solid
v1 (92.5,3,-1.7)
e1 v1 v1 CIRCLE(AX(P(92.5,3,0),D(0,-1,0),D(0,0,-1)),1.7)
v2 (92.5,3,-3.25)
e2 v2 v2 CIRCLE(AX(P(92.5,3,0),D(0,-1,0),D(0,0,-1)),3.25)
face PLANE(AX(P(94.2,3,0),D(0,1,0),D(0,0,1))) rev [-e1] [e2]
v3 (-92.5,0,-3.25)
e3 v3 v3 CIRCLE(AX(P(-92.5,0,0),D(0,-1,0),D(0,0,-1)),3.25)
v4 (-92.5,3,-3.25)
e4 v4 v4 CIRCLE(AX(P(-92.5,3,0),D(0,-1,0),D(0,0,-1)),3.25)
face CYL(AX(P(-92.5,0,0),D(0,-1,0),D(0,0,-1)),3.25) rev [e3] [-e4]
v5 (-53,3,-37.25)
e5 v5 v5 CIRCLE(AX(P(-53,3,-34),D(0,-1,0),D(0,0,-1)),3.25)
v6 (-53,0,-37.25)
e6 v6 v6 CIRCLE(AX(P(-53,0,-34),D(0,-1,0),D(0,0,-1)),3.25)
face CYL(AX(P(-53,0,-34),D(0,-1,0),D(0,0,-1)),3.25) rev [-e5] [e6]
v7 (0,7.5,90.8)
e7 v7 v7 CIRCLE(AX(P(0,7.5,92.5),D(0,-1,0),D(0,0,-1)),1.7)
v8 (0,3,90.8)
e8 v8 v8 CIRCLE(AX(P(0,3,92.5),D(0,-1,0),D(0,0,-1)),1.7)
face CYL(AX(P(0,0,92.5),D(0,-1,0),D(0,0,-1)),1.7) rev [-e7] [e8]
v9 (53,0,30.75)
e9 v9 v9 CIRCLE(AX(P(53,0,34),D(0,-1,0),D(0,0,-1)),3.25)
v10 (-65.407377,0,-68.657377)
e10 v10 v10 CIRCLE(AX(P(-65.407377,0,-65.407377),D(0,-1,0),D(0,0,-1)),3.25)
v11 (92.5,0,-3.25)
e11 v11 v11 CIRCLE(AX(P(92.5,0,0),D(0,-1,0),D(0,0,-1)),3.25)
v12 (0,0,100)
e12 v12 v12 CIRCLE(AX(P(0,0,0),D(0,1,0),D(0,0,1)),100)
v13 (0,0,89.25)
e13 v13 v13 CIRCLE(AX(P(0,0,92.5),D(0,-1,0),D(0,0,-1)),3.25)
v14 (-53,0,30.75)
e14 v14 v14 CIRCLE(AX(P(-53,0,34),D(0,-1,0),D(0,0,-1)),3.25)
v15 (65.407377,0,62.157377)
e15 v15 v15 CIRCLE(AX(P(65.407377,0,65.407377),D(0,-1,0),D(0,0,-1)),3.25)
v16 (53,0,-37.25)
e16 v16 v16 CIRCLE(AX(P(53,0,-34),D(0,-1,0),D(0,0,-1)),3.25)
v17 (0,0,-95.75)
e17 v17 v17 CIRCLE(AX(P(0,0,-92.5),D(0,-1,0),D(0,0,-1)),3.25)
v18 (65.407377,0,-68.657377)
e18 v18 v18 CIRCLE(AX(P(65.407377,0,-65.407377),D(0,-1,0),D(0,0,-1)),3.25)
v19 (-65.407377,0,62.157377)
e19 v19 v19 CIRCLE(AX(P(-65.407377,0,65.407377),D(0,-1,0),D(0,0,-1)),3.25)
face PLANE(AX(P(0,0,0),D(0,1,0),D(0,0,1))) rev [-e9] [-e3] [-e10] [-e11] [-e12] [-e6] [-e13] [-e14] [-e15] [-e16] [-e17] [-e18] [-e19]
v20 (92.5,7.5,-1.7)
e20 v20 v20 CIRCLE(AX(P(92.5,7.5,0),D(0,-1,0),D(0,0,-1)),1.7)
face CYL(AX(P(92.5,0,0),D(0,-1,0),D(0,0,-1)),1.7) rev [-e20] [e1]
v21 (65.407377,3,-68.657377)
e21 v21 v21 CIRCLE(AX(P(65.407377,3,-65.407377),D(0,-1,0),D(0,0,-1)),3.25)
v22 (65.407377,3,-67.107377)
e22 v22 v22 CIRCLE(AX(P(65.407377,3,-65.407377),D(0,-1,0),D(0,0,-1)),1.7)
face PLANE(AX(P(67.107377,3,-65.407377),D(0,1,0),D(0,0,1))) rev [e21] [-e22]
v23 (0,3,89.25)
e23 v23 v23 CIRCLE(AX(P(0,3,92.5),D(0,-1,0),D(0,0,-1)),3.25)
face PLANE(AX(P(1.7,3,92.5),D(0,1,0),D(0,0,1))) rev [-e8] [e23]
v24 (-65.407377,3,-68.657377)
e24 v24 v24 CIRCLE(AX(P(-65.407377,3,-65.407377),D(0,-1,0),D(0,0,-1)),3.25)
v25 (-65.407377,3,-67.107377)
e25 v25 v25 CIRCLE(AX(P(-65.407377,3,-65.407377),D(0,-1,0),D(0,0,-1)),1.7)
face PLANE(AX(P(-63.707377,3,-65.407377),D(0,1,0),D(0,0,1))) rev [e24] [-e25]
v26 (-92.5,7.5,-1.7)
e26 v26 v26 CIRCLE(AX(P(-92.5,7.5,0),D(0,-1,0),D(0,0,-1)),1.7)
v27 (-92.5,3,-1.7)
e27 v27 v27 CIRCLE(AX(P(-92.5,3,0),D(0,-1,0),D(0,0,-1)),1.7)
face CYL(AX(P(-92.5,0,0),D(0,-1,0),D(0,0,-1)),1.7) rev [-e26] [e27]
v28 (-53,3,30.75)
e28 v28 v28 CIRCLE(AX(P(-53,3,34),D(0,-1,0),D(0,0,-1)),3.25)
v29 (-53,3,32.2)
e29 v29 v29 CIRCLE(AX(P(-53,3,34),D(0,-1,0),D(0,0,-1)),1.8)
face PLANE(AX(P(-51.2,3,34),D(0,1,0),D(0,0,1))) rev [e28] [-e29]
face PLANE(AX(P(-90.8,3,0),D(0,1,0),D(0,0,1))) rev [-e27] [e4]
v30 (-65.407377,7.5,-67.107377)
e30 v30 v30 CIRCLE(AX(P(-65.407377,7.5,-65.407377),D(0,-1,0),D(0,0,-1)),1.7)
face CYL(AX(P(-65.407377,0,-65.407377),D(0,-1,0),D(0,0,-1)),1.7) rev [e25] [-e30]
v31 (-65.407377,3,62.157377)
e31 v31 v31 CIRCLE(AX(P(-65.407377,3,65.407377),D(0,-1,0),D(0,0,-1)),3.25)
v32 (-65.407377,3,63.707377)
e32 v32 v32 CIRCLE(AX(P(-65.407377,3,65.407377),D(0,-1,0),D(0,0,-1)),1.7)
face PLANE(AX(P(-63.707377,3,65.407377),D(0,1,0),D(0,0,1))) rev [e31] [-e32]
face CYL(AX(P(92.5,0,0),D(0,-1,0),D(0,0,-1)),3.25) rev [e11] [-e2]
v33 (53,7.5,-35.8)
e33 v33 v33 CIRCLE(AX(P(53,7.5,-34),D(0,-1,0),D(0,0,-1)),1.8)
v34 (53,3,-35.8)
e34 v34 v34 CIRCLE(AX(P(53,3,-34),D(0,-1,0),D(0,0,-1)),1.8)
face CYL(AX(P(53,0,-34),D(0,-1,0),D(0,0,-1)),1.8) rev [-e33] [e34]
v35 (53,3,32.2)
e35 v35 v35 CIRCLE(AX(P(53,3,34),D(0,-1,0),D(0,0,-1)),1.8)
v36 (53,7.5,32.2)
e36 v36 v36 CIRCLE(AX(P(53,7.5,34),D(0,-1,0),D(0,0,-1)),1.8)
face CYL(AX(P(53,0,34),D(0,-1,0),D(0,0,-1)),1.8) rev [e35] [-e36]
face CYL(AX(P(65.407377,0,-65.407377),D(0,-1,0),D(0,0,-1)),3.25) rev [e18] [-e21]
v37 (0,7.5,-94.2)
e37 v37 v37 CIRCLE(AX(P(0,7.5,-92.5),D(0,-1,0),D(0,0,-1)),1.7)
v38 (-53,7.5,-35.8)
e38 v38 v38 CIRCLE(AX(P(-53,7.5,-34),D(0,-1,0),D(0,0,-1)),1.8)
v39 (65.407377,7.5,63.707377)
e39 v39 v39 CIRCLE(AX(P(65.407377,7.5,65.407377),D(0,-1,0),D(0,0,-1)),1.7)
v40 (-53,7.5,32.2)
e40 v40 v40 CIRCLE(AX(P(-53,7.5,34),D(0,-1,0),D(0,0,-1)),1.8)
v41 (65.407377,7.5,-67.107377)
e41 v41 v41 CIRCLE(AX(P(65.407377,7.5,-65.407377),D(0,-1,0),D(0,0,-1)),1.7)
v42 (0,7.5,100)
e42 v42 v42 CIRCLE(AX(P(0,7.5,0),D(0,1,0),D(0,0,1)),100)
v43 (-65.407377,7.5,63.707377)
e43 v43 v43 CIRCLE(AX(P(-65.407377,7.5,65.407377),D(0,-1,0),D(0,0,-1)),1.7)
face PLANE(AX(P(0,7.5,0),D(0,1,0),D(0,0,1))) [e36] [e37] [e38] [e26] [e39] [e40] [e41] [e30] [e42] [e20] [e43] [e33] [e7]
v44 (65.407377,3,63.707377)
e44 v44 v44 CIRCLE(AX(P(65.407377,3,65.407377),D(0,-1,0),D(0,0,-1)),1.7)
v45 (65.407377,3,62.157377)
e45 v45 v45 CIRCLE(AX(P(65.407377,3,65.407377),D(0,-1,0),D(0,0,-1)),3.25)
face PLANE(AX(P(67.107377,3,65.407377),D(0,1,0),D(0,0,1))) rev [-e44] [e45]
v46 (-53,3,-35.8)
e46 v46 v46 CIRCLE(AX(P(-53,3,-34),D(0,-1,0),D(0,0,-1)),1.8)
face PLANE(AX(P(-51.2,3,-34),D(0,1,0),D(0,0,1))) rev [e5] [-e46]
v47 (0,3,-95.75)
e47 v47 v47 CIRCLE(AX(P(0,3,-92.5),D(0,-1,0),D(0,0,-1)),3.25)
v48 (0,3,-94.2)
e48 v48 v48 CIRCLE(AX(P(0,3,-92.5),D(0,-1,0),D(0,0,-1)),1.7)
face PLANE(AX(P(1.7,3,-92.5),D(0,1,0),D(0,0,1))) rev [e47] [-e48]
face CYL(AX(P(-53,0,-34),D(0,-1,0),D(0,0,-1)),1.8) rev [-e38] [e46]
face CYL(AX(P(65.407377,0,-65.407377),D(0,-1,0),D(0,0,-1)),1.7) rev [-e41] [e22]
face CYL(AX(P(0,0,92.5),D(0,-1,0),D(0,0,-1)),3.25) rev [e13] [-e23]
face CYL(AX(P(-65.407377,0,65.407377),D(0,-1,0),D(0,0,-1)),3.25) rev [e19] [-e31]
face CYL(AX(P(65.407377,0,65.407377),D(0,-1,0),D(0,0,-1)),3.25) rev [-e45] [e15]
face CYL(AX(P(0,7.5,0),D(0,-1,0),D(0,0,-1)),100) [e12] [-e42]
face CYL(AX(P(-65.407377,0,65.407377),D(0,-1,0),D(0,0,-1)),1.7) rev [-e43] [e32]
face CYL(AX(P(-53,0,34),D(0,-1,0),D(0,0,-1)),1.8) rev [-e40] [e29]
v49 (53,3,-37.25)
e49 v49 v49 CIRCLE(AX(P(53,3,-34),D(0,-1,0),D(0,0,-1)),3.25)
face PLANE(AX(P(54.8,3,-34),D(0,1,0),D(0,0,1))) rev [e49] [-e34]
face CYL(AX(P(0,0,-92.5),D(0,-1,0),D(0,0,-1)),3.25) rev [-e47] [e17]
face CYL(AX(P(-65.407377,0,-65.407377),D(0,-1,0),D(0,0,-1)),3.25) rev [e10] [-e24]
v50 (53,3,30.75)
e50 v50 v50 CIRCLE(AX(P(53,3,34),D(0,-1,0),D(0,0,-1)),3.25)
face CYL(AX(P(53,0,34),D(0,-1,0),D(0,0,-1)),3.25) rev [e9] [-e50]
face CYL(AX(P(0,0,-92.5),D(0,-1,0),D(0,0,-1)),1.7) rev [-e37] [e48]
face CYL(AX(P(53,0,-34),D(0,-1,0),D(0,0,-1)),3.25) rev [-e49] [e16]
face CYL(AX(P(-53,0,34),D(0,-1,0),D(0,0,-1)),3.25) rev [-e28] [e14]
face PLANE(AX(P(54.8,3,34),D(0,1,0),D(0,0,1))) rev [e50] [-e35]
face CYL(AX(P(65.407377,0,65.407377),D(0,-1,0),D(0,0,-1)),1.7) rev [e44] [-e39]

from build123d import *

# Parameters (mm, degrees)
SKETCH1_R                      = 100
BOSS_EXTRUDE1_DEPTH            = 7.5
CBORE_FOR_M3_SHCS1_D           = 3.4
CBORE_FOR_M3_SHCS1_DEPTH       = 7.5
CBORE_FOR_M3_SHCS1_CBORE_D     = 6.5
CBORE_FOR_M3_SHCS1_CBORE_DEPTH = 3
CBORE_FOR_M3_SHCS1_TIP         = 1.021463052
CBORE_FOR_M3_SHCS2_D           = 3.6
CBORE_FOR_M3_SHCS2_DEPTH       = 7.5
CBORE_FOR_M3_SHCS2_CBORE_D     = 6.5
CBORE_FOR_M3_SHCS2_CBORE_DEPTH = 3
CBORE_FOR_M3_SHCS2_TIP         = 1.081549114


with BuildPart() as part:
    # Sketch1 → Boss-Extrude1 (new body)
    with BuildSketch(Plane(origin=(0, 0, 0), x_dir=(1, 0, 0), z_dir=(0, 1, 0))):
        with Locations(Location((0, 0, 0), (0, 0, 270))):
            Circle(SKETCH1_R)
    extrude(amount=BOSS_EXTRUDE1_DEPTH)

    # CBORE for M3 SHCS1
    with Locations(Plane(origin=(0, 0, 0), x_dir=(-1, 0, 0), z_dir=(0, -1, 0))):
        with Locations((0, -92.5), (-65.40737726, -65.40737726), (-92.5, 0), (-65.40737726, 65.40737726), (0, 92.5), (65.40737726, 65.40737726), (92.5, 0), (65.40737726, -65.40737726)):
            CounterBoreHole(CBORE_FOR_M3_SHCS1_D / 2, CBORE_FOR_M3_SHCS1_CBORE_D / 2, CBORE_FOR_M3_SHCS1_CBORE_DEPTH, depth=CBORE_FOR_M3_SHCS1_DEPTH)
            with Locations((0, 0, -(CBORE_FOR_M3_SHCS1_DEPTH + CBORE_FOR_M3_SHCS1_TIP / 2))):  # 118° drill point
                Cone(0, CBORE_FOR_M3_SHCS1_D / 2, CBORE_FOR_M3_SHCS1_TIP, mode=Mode.SUBTRACT)

    # CBORE for M3 SHCS2
    with Locations(Plane(origin=(0, 0, 0), x_dir=(-1, 0, 0), z_dir=(0, -1, 0))):
        with Locations((-53, 34), (53, 34), (53, -34), (-53, -34)):
            CounterBoreHole(CBORE_FOR_M3_SHCS2_D / 2, CBORE_FOR_M3_SHCS2_CBORE_D / 2, CBORE_FOR_M3_SHCS2_CBORE_DEPTH, depth=CBORE_FOR_M3_SHCS2_DEPTH)
            with Locations((0, 0, -(CBORE_FOR_M3_SHCS2_DEPTH + CBORE_FOR_M3_SHCS2_TIP / 2))):  # 118° drill point
                Cone(0, CBORE_FOR_M3_SHCS2_D / 2, CBORE_FOR_M3_SHCS2_TIP, mode=Mode.SUBTRACT)


solid = part.part
